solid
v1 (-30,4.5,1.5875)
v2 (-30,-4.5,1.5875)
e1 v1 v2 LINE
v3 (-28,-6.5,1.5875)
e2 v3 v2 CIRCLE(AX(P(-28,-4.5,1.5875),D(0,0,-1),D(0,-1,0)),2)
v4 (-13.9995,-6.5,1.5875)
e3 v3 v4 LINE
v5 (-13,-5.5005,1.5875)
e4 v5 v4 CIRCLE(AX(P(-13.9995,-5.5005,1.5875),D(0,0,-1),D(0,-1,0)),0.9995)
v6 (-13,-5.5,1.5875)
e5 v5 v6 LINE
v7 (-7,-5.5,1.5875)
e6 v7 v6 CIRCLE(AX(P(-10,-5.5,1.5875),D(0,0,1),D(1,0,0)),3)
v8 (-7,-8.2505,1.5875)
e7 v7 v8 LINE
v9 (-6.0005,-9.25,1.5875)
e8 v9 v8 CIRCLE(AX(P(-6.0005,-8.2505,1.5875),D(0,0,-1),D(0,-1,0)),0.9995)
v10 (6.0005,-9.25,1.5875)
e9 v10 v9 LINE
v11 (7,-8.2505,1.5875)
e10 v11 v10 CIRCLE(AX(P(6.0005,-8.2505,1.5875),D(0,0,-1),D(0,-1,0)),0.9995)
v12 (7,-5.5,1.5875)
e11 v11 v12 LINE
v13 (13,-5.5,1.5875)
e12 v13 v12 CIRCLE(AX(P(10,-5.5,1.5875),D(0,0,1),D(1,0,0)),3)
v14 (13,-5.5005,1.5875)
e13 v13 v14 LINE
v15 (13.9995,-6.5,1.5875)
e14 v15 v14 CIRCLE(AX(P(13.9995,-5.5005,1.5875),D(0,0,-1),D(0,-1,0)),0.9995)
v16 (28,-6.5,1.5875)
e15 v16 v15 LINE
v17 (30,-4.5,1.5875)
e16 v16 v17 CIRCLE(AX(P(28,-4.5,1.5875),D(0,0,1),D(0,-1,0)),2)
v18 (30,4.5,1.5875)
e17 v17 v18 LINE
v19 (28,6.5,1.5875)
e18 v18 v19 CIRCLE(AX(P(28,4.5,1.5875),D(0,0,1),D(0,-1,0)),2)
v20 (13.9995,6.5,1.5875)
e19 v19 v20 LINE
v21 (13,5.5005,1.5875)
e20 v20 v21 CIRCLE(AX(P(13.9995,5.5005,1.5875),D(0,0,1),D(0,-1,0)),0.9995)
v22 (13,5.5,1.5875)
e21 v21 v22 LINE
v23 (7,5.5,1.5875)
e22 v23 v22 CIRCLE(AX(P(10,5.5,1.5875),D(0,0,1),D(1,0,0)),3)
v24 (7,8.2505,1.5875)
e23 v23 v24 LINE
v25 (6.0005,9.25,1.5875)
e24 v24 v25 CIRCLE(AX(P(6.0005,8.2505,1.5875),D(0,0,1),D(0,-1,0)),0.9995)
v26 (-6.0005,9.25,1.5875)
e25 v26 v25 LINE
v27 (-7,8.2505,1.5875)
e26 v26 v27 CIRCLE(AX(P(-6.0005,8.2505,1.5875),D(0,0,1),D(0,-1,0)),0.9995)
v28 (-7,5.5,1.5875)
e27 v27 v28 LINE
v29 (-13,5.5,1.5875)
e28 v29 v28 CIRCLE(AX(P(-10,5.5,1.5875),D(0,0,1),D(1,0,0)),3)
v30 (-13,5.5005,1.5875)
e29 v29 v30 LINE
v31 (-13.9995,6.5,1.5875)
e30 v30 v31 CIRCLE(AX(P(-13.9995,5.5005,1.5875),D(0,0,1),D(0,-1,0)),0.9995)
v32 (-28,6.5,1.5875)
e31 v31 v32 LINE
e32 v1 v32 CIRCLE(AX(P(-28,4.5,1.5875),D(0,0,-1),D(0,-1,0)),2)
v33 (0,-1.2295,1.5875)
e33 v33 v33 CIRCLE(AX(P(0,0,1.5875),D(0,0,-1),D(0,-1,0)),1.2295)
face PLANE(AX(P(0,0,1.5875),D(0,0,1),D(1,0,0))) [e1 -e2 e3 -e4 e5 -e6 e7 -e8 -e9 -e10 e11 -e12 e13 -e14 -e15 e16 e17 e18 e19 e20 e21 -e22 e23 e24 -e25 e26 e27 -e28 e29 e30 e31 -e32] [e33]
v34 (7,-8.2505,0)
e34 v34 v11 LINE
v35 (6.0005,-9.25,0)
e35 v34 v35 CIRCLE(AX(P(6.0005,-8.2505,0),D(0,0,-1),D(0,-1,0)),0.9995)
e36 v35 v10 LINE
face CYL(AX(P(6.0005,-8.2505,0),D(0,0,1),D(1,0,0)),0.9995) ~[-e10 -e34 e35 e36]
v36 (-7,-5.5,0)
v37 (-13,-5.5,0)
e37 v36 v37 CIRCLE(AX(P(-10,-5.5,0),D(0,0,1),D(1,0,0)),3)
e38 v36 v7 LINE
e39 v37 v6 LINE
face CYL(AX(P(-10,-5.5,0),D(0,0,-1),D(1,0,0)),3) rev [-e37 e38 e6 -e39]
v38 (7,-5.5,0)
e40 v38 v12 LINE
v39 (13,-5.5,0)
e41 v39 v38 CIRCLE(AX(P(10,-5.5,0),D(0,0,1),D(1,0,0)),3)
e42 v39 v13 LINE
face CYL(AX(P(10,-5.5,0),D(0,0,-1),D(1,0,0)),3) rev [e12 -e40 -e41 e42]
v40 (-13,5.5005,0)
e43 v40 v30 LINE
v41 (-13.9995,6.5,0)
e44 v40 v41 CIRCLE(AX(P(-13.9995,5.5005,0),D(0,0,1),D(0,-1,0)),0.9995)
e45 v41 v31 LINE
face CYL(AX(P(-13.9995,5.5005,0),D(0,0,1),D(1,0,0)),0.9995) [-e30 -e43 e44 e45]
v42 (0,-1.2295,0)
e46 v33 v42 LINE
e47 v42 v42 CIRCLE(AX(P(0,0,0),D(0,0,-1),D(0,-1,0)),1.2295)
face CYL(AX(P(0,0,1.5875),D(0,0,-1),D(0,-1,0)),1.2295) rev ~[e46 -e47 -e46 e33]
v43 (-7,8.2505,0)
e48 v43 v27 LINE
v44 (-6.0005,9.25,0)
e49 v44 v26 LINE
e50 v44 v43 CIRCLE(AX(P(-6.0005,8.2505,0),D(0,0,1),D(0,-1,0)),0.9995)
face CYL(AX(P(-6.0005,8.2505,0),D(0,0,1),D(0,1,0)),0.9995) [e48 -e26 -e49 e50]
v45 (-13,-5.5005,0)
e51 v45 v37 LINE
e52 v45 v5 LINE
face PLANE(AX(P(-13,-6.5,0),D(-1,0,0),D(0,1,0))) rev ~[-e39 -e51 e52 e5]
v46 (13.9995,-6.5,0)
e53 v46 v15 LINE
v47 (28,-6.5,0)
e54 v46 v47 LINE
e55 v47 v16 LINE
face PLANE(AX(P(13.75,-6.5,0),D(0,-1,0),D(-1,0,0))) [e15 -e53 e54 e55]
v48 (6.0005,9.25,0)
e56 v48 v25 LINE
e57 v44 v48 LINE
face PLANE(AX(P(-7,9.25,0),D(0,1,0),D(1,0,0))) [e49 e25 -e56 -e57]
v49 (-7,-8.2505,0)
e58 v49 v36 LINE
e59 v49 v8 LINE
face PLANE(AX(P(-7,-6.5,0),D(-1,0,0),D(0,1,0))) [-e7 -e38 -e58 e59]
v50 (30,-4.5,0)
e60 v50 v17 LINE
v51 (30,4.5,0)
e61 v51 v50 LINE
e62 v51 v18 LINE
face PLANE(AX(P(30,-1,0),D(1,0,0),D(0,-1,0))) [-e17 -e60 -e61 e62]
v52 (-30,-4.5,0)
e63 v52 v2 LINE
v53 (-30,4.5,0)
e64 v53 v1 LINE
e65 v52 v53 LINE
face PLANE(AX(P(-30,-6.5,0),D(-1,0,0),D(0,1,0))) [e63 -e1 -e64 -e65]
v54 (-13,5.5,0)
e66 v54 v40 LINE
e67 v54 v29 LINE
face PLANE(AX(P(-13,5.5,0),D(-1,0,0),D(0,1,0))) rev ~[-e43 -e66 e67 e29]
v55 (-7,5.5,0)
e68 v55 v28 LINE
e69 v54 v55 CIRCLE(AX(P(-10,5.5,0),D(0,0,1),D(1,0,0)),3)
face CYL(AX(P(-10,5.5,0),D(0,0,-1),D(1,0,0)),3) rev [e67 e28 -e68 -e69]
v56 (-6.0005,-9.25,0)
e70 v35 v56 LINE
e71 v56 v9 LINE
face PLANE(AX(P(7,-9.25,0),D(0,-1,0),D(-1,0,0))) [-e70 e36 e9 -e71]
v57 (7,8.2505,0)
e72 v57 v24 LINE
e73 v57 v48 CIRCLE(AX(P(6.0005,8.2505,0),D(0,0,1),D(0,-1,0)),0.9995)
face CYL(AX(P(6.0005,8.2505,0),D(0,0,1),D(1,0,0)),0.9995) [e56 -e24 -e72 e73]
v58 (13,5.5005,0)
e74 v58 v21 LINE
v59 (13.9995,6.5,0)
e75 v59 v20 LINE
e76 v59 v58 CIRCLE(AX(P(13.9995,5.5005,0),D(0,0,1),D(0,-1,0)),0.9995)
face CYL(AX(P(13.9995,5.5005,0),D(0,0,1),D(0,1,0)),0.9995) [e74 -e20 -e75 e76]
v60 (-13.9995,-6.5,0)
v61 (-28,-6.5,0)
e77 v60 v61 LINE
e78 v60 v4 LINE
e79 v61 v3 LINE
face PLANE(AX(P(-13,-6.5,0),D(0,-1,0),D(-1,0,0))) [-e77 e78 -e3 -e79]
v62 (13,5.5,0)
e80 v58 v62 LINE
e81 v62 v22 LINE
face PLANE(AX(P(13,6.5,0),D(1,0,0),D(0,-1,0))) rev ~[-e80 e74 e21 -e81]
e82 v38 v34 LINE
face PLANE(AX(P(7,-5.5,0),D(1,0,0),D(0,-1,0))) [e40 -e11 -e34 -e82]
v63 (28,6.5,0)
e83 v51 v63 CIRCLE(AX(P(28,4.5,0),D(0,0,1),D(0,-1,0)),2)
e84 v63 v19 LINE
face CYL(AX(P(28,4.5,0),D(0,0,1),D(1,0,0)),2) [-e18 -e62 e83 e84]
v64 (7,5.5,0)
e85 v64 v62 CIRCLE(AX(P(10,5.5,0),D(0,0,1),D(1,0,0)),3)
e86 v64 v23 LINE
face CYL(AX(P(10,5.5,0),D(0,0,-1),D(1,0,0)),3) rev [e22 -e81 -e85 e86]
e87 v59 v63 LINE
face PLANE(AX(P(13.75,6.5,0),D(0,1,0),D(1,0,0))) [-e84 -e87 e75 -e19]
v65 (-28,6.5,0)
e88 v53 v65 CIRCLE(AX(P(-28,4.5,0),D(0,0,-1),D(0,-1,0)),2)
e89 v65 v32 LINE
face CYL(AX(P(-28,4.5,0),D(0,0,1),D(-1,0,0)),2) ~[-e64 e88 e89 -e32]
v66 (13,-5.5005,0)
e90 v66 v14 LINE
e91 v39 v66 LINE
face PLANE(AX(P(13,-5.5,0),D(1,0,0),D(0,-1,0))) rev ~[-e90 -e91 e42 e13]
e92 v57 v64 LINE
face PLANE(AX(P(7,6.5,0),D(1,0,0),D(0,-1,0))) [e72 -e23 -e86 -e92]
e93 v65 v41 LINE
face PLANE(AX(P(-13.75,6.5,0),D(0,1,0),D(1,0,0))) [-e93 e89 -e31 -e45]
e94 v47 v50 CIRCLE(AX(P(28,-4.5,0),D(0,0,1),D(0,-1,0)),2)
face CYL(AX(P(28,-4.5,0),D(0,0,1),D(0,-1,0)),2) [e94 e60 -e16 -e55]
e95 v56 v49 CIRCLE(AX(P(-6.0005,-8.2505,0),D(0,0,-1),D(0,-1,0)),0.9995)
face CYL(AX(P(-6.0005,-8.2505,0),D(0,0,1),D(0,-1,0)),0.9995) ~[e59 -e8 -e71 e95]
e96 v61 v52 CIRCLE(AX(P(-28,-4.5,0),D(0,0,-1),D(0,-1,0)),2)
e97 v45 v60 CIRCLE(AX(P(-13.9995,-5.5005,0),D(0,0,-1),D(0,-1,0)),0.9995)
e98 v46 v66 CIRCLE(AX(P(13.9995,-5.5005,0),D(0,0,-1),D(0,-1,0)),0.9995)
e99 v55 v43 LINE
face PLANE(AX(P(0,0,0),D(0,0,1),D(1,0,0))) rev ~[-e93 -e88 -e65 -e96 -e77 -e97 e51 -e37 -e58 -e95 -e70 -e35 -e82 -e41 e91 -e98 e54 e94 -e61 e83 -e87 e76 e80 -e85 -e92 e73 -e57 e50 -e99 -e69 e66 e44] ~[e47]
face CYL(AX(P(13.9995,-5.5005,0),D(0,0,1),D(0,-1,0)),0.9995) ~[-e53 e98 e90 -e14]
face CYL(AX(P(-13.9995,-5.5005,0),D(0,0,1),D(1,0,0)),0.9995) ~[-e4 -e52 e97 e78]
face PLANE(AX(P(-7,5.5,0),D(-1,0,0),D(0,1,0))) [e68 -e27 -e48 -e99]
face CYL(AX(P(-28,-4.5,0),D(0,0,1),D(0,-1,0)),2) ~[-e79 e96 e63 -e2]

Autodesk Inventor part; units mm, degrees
ref_plane "YZ Plane" through (0, 0, 0) normal (1, 0, 0) x (0, 1, 0)
ref_plane "XZ Plane" through (0, 0, 0) normal (0, 1, 0) x (-1, 0, 0)
ref_plane "XY Plane" through (0, 0, 0) normal (0, 0, 1) x (1, 0, 0)
sketch "Sketch1" plane through (0, 0, 0) normal (0, 0, 1) x (1, 0, 0)
  line L0 (13.75, -9.25) -> (-13.75, -9.25)
  line L1 (-13.75, -9.25) -> (-13.75, 9.25)
  line L2 (-13.75, 9.25) -> (13.75, 9.25)
  line L3 (13.75, 9.25) -> (13.75, -9.25)
  line L4 (13.75, -9.25) -> (-13.75, 9.25) construction
  line L5 (-13.75, -9.25) -> (13.75, 9.25) construction
  line L6 (-16, 0) -> (16, 0) construction
  circle A0 centre (-16, 0) radius 4
  circle A1 centre (16, 0) radius 4
  line L7 (30, -1) -> (-30, -1)
  line L8 (-30, -1) -> (-30, 1)
  line L9 (-30, 1) -> (30, 1)
  line L10 (30, 1) -> (30, -1)
  line L11 (30, -1) -> (-30, 1) construction
  line L12 (-30, -1) -> (30, 1) construction
  line L13 (30, -6.5) -> (-30, -6.5)
  line L14 (-30, -6.5) -> (-30, 6.5)
  line L15 (-30, 6.5) -> (30, 6.5)
  line L16 (30, 6.5) -> (30, -6.5)
  line L17 (30, -6.5) -> (-30, 6.5) construction
  line L18 (-30, -6.5) -> (30, 6.5) construction
  line L19 (10, -5.5) -> (-10, -5.5) construction
  line L20 (-10, -5.5) -> (-10, 5.5) construction
  line L21 (-10, 5.5) -> (10, 5.5) construction
  line L22 (10, 5.5) -> (10, -5.5) construction
  line L23 (10, -5.5) -> (-10, 5.5) construction
  line L24 (-10, -5.5) -> (10, 5.5) construction
  circle A2 centre (-10, 5.5) radius 3
  circle A3 centre (10, 5.5) radius 3
  circle A4 centre (10, -5.5) radius 3
  circle A5 centre (-10, -5.5) radius 3
  line L25 (7, -9.25) -> (-7, -9.25)
  line L26 (-7, -9.25) -> (-7, 9.25)
  line L27 (-7, 9.25) -> (7, 9.25)
  line L28 (7, 9.25) -> (7, -9.25)
  line L29 (7, -9.25) -> (-7, 9.25) construction
  line L30 (-7, -9.25) -> (7, 9.25) construction
  line L31 (13, -9.25) -> (-13, -9.25)
  line L32 (-13, -9.25) -> (-13, 9.25)
  line L33 (-13, 9.25) -> (13, 9.25)
  line L34 (13, 9.25) -> (13, -9.25)
  line L35 (13, -9.25) -> (-13, 9.25) construction
  line L36 (-13, -9.25) -> (13, 9.25) construction
  point P0 (0, 0)
  point P1 (-19.873, -1)
  point P2 (-13.75, -6.5)
  point P3 (13.75, -6.5)
  point P4 (19.873, -1)
  point P5 (19.873, 1)
  point P6 (13.75, 6.5)
  point P7 (-13.75, 6.5)
  point P8 (-19.873, 1)
  point P9 (-13, -6.5)
  point P10 (-13, -5.5)
  point P11 (-7, -5.5)
  point P12 (7, -5.5)
  point P13 (13, -5.5)
  point P14 (13, -6.5)
  point P15 (13, 6.5)
  point P16 (13, 5.5)
  point P17 (7, 5.5)
  point P18 (-7, 5.5)
  point P19 (-13, 5.5)
  point P20 (-13, 6.5)
  dimension "d0" = 27.5
  dimension "d1" = 18.5
  dimension "d2" = 8
  dimension "d3" = 8
  dimension "d4" = 32
  dimension "d5" = 60
  dimension "d6" = 2
  dimension "d7" = 13
  dimension "d35" = 20
  dimension "d36" = 11
  dimension "d37" = 6
extrude "Extrusion1" add sketch "Sketch1" along normal blind 1.5875 contours L13 L34 A1 L3 | L3 A1 L7 L16 L13 | L0 L26 L13 L28 | A1 L34 L7 L3 | L3 L7 A1 | L13 L26 L7 L28 | A4 L28 L7 A1 L34 | L7 L34 L9 L3 | L3 L9 A1 L7 | A1 L7 L34 | A1 L9 L10 L7 | L9 L34 A1 L3 | L3 A1 L9 | L7 A1 L9 L34 | L7 L28 L9 A1 | L9 A1 L3 L15 L16 | L13 L1 A0 L32 | A5 L32 A0 L7 L26 | L7 L26 L9 L28 | A1 L34 L15 L3 | L9 A1 L34 | L9 L28 A3 L34 A1 | L13 L14 L7 A0 L1 | L7 A0 L9 L26 | L9 L26 L15 L28 | A0 L7 L1 | L1 L7 L32 A0 | L32 L7 A0 | L7 L32 L9 A0 | L9 A0 L32 A2 L26 | L7 A0 L9 L1 | L1 L9 L32 L7 | L7 L8 L9 A0 | L9 L32 A0 | L15 L26 L2 L28 | L9 A0 L1 | L1 A0 L32 L9 | L9 L14 L15 L1 A0 | A0 L1 L15 L32
fillet "Fillet2" radius 2 4 edges at (-30, 6.5, 0.7937) (-30, -6.5, 0.7937) (30, 6.5, 0.7937) (30, -6.5, 0.7937)
fillet "Fillet5" radius 1 8 edges at (-7, 9.25, 0.7937) (-7, -9.25, 0.7937) (-13, 6.5, 0.7937) (-13, -6.5, 0.7937) (13, -6.5, 0.7937) (13, 6.5, 0.7937) (7, 9.25, 0.7937) (7, -9.25, 0.7937)
sketch "Sketch3" plane through (0, 0, 1.5875) normal (0, 0, 1) x (1, 0, 0)
  point P0 (0, 0)
hole "Hole2" at (0, 0, 1.5875) direction (0, 0, -1) diameter 2.459 end through all thread size "M3x0.5" class "6H" standard "ANSI Metric M Profile"
properties part number "Printhead Belt Retainer Cap" material "Aluminum 6061"
